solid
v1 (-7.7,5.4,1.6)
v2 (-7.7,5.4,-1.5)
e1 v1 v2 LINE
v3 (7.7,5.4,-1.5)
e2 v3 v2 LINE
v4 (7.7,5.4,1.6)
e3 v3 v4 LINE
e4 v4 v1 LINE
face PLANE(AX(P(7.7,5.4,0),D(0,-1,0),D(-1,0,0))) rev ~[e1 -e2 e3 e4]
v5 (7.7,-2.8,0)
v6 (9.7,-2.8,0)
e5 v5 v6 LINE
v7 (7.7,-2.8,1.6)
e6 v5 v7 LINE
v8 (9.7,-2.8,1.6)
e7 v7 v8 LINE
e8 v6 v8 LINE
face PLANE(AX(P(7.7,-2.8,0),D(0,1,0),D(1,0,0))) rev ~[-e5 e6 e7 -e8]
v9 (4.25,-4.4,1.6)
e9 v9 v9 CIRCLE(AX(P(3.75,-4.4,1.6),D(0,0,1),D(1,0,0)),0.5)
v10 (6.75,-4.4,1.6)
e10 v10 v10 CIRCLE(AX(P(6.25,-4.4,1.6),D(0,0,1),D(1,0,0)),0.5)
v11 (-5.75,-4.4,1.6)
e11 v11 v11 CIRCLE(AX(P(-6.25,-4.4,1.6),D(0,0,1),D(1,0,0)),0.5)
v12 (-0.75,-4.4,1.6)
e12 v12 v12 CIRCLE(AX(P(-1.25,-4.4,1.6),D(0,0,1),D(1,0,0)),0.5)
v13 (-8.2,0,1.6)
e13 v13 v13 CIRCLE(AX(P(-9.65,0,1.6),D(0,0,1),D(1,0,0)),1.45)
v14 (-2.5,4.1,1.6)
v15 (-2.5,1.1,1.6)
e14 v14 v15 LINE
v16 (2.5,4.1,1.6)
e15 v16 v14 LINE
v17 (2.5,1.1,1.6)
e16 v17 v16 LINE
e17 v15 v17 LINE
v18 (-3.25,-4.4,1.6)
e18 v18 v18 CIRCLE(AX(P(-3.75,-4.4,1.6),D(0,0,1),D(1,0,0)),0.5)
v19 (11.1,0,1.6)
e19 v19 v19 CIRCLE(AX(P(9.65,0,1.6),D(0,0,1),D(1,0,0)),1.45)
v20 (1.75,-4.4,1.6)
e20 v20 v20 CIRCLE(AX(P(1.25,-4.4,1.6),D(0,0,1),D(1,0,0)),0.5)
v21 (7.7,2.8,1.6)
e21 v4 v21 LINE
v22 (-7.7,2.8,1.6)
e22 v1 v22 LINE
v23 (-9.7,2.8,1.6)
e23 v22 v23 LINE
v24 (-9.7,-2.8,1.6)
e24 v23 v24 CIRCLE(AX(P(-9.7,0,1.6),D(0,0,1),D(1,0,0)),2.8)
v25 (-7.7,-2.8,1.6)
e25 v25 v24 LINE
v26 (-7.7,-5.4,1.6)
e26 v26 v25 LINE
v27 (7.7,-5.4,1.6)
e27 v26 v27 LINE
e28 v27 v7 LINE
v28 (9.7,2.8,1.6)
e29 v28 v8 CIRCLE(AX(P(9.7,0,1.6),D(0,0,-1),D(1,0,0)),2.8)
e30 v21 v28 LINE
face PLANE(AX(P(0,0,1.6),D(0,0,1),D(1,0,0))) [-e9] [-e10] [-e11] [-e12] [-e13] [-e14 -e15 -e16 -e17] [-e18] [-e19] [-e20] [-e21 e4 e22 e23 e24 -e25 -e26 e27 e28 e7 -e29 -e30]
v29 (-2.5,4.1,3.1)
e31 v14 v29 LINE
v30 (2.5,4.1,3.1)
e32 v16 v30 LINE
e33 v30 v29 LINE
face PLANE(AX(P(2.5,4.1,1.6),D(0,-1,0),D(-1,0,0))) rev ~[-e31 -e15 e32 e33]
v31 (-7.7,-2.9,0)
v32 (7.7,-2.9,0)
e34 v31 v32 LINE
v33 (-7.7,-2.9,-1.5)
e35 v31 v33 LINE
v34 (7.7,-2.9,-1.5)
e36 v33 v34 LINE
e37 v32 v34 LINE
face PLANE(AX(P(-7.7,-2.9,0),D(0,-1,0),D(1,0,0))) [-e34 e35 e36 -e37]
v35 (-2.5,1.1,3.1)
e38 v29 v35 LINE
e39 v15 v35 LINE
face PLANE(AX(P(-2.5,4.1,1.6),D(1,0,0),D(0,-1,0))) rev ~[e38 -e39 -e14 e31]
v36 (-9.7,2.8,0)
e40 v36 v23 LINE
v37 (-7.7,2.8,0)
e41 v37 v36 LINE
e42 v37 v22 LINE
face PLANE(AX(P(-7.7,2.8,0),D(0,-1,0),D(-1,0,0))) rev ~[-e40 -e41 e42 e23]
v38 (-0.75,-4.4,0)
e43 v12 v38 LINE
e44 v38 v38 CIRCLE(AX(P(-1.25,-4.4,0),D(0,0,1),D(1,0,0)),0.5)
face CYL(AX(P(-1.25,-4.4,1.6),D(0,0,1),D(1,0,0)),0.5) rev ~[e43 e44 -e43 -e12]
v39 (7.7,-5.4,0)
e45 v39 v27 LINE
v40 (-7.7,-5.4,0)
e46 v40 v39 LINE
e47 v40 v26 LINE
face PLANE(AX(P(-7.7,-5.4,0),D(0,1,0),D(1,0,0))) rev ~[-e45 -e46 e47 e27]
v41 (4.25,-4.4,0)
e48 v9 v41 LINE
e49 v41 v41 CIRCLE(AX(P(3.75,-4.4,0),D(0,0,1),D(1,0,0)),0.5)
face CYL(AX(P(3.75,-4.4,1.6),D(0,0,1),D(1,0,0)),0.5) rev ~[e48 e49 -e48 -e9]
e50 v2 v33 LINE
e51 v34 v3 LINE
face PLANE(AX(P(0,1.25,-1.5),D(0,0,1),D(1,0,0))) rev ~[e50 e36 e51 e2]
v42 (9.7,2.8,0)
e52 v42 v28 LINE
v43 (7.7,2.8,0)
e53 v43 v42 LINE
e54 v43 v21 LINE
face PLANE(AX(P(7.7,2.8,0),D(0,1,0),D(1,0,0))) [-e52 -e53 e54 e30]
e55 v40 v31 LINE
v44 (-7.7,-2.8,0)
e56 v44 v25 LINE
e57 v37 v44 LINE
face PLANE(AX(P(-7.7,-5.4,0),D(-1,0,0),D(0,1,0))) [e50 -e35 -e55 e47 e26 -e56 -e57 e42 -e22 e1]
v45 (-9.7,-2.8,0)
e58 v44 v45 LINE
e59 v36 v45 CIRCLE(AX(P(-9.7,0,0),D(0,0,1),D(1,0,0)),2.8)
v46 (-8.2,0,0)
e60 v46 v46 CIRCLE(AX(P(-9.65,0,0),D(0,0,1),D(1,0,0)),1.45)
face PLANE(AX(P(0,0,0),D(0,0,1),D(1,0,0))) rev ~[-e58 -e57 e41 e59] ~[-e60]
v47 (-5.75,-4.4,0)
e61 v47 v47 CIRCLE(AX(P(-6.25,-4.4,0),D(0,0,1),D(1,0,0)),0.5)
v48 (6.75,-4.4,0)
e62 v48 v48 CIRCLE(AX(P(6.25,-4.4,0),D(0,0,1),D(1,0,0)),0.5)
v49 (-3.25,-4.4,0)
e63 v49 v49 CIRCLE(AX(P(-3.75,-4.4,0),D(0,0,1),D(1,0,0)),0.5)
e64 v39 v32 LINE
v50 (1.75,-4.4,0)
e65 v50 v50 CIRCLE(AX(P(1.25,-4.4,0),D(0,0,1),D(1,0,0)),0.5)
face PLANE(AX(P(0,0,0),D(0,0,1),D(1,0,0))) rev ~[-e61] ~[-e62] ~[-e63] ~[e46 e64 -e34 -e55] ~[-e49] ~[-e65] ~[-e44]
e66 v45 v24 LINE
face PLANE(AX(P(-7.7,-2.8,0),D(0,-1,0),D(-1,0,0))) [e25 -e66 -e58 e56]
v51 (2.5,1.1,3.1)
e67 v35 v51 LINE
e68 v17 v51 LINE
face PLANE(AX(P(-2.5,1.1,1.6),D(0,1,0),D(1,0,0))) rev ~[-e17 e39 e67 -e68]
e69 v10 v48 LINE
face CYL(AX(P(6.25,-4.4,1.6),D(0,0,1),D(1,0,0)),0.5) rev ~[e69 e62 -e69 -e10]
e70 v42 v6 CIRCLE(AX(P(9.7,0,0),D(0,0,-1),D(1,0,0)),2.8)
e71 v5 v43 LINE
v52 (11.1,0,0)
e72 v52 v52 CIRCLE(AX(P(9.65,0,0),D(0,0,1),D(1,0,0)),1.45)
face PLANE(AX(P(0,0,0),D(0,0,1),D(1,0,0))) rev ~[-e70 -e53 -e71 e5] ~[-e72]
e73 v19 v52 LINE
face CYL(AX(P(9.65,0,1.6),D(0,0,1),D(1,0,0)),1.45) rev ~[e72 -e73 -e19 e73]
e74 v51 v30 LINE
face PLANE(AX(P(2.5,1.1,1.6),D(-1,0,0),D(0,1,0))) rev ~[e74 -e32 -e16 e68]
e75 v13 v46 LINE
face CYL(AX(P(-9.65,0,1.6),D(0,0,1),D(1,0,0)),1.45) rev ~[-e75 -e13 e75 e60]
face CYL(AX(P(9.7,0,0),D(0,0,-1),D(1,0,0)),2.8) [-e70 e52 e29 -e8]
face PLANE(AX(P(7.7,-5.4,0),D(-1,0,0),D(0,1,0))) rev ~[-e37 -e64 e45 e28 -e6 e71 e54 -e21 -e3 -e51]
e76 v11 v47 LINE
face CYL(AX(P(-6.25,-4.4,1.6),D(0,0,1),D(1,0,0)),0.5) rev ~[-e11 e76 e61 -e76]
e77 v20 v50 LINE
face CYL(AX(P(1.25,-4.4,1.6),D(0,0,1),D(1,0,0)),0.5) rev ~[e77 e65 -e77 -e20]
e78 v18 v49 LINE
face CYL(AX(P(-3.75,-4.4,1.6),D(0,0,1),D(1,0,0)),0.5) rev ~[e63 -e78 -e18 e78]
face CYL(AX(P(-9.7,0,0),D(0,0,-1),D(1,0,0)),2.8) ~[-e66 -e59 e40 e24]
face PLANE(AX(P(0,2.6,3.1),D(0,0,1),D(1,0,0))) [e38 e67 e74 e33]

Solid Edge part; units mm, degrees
sketch "Sketch1" plane through (0, 0, 0) normal (0, 0, 1) x (1, 0, 0)
  line L0 (-7.7, -5.4) -> (7.7, -5.4)
  line L1 (7.7, -5.4) -> (7.7, -2.8)
  line L2 (7.7, -2.8) -> (9.7, -2.8)
  arc A0 (9.7, 2.8) -> (9.7, -2.8) centre (9.7, 0) cw
  line L3 (7.7, 2.8) -> (9.7, 2.8)
  line L4 (7.7, 5.4) -> (7.7, 2.8)
  line L5 (7.7, 5.4) -> (-7.7, 5.4)
  line L6 (-7.7, 5.4) -> (-7.7, 2.8)
  line L7 (-7.7, 2.8) -> (-9.7, 2.8)
  arc A1 (-9.7, 2.8) -> (-9.7, -2.8) centre (-9.7, 0) ccw
  line L8 (-7.7, -2.8) -> (-9.7, -2.8)
  line L9 (-7.7, -5.4) -> (-7.7, -2.8)
  dimension "D1" = 5.6
  dimension "D2" = 25
  dimension "D3" = 15.4
  dimension "D4" = 10.8
extrude "Protrusion1" add sketch "Sketch1" along normal blind 1.6
sketch "Sketch2" plane through (0, 0, 1.6) normal (0, 0, 1) x (1, 0, 0)
  circle A0 centre (9.65, 0) radius 1.45
  circle A1 centre (-9.65, 0) radius 1.45
  dimension "D1" = 1.4
  dimension "D2" = 2.9
  dimension "D3" = 2.9
  dimension "D4" = 1.4
extrude "Cutout1" cut sketch "Sketch2" against normal through all
sketch "Sketch3" plane through (0, 0, 1.6) normal (0, 0, 1) x (1, 0, 0)
  circle A0 centre (-6.25, -4.4) radius 0.5
  circle A1 centre (-3.75, -4.4) radius 0.5
  circle A2 centre (-1.25, -4.4) radius 0.5
  circle A3 centre (1.25, -4.4) radius 0.5
  circle A4 centre (3.75, -4.4) radius 0.5
  circle A5 centre (6.25, -4.4) radius 0.5
  dimension "D1" = 1
  dimension "D2" = 0.5
  dimension "D3" = 2.5
extrude "Cutout2" cut sketch "Sketch3" against normal through all
sketch "Sketch4" plane through (0, 0, 1.6) normal (0, 0, 1) x (1, 0, 0)
  line L0 (-2.5, 1.1) -> (2.5, 1.1)
  line L1 (2.5, 1.1) -> (2.5, 4.1)
  line L2 (2.5, 4.1) -> (-2.5, 4.1)
  line L3 (-2.5, 4.1) -> (-2.5, 1.1)
  dimension "D1" = 5
  dimension "D2" = 3
  dimension "D3" = 4.3
extrude "Extrusionsausprägung_2" add sketch "Sketch4" along normal blind 1.5
sketch "Sketch5" plane through (0, 0, 0) normal (0, 0, -1) x (-1, 0, 0)
  line L0 (-7.7, 5.4) -> (7.7, 5.4)
  line L1 (7.7, 5.4) -> (7.7, -2.9)
  line L2 (7.7, -2.9) -> (-7.7, -2.9)
  line L3 (-7.7, -2.9) -> (-7.7, 5.4)
  dimension "D1" = 2.5
extrude "Extrusionsausprägung_3" add sketch "Sketch5" along normal blind 1.5
